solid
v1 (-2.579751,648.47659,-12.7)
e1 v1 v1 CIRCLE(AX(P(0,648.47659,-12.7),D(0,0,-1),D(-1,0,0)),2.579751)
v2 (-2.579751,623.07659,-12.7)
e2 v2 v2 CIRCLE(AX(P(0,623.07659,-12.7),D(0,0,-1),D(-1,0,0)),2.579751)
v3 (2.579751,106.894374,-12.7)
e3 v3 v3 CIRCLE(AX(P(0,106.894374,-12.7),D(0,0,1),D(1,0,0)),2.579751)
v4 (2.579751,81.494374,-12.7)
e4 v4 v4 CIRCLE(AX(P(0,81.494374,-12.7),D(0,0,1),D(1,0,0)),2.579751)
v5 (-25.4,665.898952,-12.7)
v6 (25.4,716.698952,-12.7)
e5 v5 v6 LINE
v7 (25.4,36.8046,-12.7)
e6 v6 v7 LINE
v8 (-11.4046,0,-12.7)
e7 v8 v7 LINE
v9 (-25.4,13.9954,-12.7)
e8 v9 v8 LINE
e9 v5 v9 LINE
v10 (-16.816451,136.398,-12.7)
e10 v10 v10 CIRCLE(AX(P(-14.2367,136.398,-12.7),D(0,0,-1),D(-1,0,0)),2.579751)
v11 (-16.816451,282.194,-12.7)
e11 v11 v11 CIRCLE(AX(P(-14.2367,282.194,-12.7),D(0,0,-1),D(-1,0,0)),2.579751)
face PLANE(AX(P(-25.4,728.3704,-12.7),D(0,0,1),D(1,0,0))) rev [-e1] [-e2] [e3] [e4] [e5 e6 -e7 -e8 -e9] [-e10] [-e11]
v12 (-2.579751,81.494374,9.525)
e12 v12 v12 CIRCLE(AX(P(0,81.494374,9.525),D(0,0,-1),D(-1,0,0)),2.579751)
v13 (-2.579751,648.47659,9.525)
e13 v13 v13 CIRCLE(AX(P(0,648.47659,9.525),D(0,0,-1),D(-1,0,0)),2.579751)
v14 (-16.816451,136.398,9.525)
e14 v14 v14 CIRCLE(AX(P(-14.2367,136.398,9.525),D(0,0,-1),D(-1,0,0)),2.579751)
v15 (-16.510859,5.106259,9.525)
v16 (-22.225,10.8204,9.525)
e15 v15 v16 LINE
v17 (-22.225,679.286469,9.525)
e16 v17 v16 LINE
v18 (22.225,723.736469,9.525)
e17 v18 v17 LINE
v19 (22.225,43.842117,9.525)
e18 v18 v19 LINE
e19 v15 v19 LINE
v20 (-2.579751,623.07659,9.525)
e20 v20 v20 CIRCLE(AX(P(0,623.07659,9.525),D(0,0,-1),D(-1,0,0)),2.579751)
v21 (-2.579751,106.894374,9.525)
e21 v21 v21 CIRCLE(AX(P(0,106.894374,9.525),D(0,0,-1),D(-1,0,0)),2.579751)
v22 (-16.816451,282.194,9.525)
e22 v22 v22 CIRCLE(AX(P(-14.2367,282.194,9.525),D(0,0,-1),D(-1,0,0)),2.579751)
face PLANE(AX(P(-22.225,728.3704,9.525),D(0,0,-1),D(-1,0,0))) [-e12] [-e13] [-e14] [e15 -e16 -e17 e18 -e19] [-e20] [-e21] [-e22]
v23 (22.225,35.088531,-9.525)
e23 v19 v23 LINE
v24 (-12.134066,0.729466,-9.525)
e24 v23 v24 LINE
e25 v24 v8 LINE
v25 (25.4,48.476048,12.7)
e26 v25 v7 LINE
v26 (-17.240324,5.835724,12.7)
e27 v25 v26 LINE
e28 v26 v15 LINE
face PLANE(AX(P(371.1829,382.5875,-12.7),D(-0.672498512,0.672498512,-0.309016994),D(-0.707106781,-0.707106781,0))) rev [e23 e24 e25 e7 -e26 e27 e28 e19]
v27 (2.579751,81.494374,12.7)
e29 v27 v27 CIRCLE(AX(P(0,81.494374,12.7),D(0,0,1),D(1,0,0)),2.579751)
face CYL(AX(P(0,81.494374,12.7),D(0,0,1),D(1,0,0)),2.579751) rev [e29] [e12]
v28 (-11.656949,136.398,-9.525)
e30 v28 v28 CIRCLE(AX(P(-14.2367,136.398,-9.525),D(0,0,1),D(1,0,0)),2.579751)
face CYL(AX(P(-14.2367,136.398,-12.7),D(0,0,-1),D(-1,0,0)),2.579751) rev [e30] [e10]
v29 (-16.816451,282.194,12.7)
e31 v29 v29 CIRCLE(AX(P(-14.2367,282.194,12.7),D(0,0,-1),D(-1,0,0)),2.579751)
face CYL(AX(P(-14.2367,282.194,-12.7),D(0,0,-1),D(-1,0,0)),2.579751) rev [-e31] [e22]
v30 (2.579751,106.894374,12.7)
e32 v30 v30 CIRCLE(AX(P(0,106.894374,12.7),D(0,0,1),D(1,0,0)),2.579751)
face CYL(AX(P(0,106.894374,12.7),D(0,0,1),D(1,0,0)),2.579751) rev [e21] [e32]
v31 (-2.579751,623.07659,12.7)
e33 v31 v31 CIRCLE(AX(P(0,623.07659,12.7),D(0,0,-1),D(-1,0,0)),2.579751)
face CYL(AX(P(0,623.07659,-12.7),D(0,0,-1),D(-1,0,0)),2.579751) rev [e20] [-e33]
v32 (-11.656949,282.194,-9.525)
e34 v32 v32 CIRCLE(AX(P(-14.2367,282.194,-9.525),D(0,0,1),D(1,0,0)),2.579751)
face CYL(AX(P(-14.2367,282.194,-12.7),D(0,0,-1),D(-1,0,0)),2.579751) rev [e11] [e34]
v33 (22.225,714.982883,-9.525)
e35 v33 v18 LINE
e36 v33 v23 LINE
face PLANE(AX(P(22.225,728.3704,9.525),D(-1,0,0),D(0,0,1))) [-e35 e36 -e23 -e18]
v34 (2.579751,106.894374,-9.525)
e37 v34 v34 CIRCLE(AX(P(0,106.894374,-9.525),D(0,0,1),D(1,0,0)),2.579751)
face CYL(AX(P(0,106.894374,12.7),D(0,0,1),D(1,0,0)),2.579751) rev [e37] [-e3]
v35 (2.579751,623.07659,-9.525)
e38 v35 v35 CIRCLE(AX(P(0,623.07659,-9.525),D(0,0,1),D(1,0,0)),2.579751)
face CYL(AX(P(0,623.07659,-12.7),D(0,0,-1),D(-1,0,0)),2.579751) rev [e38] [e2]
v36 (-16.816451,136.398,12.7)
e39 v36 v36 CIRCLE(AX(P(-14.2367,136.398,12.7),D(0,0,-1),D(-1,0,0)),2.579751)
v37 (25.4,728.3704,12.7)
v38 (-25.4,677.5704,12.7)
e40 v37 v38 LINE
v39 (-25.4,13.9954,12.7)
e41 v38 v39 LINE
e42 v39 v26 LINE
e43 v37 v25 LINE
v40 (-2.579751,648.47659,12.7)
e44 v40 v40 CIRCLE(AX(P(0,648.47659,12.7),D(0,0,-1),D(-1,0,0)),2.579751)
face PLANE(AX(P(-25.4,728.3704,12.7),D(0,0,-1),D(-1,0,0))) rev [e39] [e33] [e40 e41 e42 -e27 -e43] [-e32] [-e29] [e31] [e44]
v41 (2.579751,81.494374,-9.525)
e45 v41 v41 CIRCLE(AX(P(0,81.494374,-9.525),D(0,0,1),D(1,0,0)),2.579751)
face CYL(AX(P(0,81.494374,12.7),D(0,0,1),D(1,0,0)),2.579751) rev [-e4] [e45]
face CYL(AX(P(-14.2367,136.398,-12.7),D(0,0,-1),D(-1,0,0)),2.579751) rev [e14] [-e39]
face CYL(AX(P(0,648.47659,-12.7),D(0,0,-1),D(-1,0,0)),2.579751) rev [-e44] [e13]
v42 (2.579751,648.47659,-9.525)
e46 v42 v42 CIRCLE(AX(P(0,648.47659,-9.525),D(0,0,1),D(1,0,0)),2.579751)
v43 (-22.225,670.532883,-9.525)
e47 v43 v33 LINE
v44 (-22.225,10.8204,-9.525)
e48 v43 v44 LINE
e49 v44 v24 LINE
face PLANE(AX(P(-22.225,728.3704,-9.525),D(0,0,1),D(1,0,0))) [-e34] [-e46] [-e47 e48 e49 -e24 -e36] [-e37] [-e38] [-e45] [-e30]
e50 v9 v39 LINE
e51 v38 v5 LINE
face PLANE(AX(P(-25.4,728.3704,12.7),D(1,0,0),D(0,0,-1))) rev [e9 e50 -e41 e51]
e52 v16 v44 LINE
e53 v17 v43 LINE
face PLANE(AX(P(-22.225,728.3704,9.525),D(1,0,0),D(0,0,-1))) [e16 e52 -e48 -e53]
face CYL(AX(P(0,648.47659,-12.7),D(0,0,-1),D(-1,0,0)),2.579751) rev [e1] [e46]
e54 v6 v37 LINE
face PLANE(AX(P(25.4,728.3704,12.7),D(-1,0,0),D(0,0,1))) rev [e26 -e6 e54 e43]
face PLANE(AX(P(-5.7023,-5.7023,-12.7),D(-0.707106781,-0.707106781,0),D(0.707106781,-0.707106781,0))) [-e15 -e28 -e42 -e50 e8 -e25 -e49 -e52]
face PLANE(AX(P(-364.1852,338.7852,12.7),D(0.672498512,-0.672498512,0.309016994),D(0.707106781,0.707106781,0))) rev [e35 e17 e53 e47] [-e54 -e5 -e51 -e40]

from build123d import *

# Parameters (mm, degrees)
SKETCH1_W                        = 50.8
SKETCH1_H                        = 25.4
SKETCH1_W_2                      = 44.45
SKETCH1_H_2                      = 19.05
BOSS_EXTRUDE1_DEPTH              = 728.3704
CUT_EXTRUDE1_DEPTH               = 730.255620202
CUT_EXTRUDE2_DEPTH               = 552.395616702
CUT_EXTRUDE3_DEPTH               = 735.841052167
F_13_64_0_20313_DIAMETER_HOLE1_D = 5.159502
F_13_64_0_20313_DIAMETER_HOLE2_D = 5.159502


with BuildPart() as part:
    # Sketch1 → Boss-Extrude1 (new body)
    with BuildSketch(Plane(origin=(0, 0, 0), x_dir=(1, 0, 0), z_dir=(0, 1, 0))):
        Rectangle(SKETCH1_W, SKETCH1_H)
        Rectangle(SKETCH1_W_2, SKETCH1_H_2, mode=Mode.SUBTRACT)
    extrude(amount=BOSS_EXTRUDE1_DEPTH)

    # Sketch2 → Cut-Extrude1 (cut, through all)
    with BuildSketch(Plane.XY.offset(12.7)):
        Polygon((-25.4, 677.5704), (25.4, 728.3704), (-25.4, 728.3704), align=None)
        Polygon((-11.4046, 0), (-25.4, 13.9954), (-25.4, 0), align=None)
        Polygon((-11.4046, 0), (25.4, 36.8046), (25.4, 0), align=None)
    extrude(amount=-CUT_EXTRUDE1_DEPTH, mode=Mode.SUBTRACT)

    # Sketch3 → Cut-Extrude2 (cut, through all)
    with BuildSketch(Plane(origin=(376.8852, 376.8852, 0), x_dir=(0, 0, -1), z_dir=(0.7071067811865417, 0.7071067811865535, 0))):
        Polygon((-12.7, 497.075136813), (12.7, 488.822176529), (12.7, 497.075136813), align=None)
    extrude(amount=-CUT_EXTRUDE2_DEPTH, mode=Mode.SUBTRACT)

    # Sketch4 → Cut-Extrude3 (cut, through all)
    with BuildSketch(Plane(origin=(-5.7023, -5.7023, 0), x_dir=(0, 0, 1), z_dir=(-0.7071067811865477, -0.7071067811865475, 0))):
        Polygon((-12.7, 8.064269997), (12.7, 16.317230281), (12.7, 8.064269997), align=None)
    extrude(amount=-CUT_EXTRUDE3_DEPTH, mode=Mode.SUBTRACT)

    # 13/64 (0.20313) Diameter Hole1 (through all)
    with Locations(Plane(origin=(0, 0, -12.7), x_dir=(-1, 0, 0), z_dir=(0, 0, -1))):
        with Locations((0, 623.07659026), (0, 648.47659026), (14.2367, 282.194), (14.2367, 136.398)):
            Hole(F_13_64_0_20313_DIAMETER_HOLE1_D / 2)

    # 13/64 (0.20313) Diameter Hole2 (through all)
    with Locations(Plane.XY.offset(12.7)):
        with Locations((0, 106.89437358), (0, 81.49437358)):
            Hole(F_13_64_0_20313_DIAMETER_HOLE2_D / 2)


solid = part.part
